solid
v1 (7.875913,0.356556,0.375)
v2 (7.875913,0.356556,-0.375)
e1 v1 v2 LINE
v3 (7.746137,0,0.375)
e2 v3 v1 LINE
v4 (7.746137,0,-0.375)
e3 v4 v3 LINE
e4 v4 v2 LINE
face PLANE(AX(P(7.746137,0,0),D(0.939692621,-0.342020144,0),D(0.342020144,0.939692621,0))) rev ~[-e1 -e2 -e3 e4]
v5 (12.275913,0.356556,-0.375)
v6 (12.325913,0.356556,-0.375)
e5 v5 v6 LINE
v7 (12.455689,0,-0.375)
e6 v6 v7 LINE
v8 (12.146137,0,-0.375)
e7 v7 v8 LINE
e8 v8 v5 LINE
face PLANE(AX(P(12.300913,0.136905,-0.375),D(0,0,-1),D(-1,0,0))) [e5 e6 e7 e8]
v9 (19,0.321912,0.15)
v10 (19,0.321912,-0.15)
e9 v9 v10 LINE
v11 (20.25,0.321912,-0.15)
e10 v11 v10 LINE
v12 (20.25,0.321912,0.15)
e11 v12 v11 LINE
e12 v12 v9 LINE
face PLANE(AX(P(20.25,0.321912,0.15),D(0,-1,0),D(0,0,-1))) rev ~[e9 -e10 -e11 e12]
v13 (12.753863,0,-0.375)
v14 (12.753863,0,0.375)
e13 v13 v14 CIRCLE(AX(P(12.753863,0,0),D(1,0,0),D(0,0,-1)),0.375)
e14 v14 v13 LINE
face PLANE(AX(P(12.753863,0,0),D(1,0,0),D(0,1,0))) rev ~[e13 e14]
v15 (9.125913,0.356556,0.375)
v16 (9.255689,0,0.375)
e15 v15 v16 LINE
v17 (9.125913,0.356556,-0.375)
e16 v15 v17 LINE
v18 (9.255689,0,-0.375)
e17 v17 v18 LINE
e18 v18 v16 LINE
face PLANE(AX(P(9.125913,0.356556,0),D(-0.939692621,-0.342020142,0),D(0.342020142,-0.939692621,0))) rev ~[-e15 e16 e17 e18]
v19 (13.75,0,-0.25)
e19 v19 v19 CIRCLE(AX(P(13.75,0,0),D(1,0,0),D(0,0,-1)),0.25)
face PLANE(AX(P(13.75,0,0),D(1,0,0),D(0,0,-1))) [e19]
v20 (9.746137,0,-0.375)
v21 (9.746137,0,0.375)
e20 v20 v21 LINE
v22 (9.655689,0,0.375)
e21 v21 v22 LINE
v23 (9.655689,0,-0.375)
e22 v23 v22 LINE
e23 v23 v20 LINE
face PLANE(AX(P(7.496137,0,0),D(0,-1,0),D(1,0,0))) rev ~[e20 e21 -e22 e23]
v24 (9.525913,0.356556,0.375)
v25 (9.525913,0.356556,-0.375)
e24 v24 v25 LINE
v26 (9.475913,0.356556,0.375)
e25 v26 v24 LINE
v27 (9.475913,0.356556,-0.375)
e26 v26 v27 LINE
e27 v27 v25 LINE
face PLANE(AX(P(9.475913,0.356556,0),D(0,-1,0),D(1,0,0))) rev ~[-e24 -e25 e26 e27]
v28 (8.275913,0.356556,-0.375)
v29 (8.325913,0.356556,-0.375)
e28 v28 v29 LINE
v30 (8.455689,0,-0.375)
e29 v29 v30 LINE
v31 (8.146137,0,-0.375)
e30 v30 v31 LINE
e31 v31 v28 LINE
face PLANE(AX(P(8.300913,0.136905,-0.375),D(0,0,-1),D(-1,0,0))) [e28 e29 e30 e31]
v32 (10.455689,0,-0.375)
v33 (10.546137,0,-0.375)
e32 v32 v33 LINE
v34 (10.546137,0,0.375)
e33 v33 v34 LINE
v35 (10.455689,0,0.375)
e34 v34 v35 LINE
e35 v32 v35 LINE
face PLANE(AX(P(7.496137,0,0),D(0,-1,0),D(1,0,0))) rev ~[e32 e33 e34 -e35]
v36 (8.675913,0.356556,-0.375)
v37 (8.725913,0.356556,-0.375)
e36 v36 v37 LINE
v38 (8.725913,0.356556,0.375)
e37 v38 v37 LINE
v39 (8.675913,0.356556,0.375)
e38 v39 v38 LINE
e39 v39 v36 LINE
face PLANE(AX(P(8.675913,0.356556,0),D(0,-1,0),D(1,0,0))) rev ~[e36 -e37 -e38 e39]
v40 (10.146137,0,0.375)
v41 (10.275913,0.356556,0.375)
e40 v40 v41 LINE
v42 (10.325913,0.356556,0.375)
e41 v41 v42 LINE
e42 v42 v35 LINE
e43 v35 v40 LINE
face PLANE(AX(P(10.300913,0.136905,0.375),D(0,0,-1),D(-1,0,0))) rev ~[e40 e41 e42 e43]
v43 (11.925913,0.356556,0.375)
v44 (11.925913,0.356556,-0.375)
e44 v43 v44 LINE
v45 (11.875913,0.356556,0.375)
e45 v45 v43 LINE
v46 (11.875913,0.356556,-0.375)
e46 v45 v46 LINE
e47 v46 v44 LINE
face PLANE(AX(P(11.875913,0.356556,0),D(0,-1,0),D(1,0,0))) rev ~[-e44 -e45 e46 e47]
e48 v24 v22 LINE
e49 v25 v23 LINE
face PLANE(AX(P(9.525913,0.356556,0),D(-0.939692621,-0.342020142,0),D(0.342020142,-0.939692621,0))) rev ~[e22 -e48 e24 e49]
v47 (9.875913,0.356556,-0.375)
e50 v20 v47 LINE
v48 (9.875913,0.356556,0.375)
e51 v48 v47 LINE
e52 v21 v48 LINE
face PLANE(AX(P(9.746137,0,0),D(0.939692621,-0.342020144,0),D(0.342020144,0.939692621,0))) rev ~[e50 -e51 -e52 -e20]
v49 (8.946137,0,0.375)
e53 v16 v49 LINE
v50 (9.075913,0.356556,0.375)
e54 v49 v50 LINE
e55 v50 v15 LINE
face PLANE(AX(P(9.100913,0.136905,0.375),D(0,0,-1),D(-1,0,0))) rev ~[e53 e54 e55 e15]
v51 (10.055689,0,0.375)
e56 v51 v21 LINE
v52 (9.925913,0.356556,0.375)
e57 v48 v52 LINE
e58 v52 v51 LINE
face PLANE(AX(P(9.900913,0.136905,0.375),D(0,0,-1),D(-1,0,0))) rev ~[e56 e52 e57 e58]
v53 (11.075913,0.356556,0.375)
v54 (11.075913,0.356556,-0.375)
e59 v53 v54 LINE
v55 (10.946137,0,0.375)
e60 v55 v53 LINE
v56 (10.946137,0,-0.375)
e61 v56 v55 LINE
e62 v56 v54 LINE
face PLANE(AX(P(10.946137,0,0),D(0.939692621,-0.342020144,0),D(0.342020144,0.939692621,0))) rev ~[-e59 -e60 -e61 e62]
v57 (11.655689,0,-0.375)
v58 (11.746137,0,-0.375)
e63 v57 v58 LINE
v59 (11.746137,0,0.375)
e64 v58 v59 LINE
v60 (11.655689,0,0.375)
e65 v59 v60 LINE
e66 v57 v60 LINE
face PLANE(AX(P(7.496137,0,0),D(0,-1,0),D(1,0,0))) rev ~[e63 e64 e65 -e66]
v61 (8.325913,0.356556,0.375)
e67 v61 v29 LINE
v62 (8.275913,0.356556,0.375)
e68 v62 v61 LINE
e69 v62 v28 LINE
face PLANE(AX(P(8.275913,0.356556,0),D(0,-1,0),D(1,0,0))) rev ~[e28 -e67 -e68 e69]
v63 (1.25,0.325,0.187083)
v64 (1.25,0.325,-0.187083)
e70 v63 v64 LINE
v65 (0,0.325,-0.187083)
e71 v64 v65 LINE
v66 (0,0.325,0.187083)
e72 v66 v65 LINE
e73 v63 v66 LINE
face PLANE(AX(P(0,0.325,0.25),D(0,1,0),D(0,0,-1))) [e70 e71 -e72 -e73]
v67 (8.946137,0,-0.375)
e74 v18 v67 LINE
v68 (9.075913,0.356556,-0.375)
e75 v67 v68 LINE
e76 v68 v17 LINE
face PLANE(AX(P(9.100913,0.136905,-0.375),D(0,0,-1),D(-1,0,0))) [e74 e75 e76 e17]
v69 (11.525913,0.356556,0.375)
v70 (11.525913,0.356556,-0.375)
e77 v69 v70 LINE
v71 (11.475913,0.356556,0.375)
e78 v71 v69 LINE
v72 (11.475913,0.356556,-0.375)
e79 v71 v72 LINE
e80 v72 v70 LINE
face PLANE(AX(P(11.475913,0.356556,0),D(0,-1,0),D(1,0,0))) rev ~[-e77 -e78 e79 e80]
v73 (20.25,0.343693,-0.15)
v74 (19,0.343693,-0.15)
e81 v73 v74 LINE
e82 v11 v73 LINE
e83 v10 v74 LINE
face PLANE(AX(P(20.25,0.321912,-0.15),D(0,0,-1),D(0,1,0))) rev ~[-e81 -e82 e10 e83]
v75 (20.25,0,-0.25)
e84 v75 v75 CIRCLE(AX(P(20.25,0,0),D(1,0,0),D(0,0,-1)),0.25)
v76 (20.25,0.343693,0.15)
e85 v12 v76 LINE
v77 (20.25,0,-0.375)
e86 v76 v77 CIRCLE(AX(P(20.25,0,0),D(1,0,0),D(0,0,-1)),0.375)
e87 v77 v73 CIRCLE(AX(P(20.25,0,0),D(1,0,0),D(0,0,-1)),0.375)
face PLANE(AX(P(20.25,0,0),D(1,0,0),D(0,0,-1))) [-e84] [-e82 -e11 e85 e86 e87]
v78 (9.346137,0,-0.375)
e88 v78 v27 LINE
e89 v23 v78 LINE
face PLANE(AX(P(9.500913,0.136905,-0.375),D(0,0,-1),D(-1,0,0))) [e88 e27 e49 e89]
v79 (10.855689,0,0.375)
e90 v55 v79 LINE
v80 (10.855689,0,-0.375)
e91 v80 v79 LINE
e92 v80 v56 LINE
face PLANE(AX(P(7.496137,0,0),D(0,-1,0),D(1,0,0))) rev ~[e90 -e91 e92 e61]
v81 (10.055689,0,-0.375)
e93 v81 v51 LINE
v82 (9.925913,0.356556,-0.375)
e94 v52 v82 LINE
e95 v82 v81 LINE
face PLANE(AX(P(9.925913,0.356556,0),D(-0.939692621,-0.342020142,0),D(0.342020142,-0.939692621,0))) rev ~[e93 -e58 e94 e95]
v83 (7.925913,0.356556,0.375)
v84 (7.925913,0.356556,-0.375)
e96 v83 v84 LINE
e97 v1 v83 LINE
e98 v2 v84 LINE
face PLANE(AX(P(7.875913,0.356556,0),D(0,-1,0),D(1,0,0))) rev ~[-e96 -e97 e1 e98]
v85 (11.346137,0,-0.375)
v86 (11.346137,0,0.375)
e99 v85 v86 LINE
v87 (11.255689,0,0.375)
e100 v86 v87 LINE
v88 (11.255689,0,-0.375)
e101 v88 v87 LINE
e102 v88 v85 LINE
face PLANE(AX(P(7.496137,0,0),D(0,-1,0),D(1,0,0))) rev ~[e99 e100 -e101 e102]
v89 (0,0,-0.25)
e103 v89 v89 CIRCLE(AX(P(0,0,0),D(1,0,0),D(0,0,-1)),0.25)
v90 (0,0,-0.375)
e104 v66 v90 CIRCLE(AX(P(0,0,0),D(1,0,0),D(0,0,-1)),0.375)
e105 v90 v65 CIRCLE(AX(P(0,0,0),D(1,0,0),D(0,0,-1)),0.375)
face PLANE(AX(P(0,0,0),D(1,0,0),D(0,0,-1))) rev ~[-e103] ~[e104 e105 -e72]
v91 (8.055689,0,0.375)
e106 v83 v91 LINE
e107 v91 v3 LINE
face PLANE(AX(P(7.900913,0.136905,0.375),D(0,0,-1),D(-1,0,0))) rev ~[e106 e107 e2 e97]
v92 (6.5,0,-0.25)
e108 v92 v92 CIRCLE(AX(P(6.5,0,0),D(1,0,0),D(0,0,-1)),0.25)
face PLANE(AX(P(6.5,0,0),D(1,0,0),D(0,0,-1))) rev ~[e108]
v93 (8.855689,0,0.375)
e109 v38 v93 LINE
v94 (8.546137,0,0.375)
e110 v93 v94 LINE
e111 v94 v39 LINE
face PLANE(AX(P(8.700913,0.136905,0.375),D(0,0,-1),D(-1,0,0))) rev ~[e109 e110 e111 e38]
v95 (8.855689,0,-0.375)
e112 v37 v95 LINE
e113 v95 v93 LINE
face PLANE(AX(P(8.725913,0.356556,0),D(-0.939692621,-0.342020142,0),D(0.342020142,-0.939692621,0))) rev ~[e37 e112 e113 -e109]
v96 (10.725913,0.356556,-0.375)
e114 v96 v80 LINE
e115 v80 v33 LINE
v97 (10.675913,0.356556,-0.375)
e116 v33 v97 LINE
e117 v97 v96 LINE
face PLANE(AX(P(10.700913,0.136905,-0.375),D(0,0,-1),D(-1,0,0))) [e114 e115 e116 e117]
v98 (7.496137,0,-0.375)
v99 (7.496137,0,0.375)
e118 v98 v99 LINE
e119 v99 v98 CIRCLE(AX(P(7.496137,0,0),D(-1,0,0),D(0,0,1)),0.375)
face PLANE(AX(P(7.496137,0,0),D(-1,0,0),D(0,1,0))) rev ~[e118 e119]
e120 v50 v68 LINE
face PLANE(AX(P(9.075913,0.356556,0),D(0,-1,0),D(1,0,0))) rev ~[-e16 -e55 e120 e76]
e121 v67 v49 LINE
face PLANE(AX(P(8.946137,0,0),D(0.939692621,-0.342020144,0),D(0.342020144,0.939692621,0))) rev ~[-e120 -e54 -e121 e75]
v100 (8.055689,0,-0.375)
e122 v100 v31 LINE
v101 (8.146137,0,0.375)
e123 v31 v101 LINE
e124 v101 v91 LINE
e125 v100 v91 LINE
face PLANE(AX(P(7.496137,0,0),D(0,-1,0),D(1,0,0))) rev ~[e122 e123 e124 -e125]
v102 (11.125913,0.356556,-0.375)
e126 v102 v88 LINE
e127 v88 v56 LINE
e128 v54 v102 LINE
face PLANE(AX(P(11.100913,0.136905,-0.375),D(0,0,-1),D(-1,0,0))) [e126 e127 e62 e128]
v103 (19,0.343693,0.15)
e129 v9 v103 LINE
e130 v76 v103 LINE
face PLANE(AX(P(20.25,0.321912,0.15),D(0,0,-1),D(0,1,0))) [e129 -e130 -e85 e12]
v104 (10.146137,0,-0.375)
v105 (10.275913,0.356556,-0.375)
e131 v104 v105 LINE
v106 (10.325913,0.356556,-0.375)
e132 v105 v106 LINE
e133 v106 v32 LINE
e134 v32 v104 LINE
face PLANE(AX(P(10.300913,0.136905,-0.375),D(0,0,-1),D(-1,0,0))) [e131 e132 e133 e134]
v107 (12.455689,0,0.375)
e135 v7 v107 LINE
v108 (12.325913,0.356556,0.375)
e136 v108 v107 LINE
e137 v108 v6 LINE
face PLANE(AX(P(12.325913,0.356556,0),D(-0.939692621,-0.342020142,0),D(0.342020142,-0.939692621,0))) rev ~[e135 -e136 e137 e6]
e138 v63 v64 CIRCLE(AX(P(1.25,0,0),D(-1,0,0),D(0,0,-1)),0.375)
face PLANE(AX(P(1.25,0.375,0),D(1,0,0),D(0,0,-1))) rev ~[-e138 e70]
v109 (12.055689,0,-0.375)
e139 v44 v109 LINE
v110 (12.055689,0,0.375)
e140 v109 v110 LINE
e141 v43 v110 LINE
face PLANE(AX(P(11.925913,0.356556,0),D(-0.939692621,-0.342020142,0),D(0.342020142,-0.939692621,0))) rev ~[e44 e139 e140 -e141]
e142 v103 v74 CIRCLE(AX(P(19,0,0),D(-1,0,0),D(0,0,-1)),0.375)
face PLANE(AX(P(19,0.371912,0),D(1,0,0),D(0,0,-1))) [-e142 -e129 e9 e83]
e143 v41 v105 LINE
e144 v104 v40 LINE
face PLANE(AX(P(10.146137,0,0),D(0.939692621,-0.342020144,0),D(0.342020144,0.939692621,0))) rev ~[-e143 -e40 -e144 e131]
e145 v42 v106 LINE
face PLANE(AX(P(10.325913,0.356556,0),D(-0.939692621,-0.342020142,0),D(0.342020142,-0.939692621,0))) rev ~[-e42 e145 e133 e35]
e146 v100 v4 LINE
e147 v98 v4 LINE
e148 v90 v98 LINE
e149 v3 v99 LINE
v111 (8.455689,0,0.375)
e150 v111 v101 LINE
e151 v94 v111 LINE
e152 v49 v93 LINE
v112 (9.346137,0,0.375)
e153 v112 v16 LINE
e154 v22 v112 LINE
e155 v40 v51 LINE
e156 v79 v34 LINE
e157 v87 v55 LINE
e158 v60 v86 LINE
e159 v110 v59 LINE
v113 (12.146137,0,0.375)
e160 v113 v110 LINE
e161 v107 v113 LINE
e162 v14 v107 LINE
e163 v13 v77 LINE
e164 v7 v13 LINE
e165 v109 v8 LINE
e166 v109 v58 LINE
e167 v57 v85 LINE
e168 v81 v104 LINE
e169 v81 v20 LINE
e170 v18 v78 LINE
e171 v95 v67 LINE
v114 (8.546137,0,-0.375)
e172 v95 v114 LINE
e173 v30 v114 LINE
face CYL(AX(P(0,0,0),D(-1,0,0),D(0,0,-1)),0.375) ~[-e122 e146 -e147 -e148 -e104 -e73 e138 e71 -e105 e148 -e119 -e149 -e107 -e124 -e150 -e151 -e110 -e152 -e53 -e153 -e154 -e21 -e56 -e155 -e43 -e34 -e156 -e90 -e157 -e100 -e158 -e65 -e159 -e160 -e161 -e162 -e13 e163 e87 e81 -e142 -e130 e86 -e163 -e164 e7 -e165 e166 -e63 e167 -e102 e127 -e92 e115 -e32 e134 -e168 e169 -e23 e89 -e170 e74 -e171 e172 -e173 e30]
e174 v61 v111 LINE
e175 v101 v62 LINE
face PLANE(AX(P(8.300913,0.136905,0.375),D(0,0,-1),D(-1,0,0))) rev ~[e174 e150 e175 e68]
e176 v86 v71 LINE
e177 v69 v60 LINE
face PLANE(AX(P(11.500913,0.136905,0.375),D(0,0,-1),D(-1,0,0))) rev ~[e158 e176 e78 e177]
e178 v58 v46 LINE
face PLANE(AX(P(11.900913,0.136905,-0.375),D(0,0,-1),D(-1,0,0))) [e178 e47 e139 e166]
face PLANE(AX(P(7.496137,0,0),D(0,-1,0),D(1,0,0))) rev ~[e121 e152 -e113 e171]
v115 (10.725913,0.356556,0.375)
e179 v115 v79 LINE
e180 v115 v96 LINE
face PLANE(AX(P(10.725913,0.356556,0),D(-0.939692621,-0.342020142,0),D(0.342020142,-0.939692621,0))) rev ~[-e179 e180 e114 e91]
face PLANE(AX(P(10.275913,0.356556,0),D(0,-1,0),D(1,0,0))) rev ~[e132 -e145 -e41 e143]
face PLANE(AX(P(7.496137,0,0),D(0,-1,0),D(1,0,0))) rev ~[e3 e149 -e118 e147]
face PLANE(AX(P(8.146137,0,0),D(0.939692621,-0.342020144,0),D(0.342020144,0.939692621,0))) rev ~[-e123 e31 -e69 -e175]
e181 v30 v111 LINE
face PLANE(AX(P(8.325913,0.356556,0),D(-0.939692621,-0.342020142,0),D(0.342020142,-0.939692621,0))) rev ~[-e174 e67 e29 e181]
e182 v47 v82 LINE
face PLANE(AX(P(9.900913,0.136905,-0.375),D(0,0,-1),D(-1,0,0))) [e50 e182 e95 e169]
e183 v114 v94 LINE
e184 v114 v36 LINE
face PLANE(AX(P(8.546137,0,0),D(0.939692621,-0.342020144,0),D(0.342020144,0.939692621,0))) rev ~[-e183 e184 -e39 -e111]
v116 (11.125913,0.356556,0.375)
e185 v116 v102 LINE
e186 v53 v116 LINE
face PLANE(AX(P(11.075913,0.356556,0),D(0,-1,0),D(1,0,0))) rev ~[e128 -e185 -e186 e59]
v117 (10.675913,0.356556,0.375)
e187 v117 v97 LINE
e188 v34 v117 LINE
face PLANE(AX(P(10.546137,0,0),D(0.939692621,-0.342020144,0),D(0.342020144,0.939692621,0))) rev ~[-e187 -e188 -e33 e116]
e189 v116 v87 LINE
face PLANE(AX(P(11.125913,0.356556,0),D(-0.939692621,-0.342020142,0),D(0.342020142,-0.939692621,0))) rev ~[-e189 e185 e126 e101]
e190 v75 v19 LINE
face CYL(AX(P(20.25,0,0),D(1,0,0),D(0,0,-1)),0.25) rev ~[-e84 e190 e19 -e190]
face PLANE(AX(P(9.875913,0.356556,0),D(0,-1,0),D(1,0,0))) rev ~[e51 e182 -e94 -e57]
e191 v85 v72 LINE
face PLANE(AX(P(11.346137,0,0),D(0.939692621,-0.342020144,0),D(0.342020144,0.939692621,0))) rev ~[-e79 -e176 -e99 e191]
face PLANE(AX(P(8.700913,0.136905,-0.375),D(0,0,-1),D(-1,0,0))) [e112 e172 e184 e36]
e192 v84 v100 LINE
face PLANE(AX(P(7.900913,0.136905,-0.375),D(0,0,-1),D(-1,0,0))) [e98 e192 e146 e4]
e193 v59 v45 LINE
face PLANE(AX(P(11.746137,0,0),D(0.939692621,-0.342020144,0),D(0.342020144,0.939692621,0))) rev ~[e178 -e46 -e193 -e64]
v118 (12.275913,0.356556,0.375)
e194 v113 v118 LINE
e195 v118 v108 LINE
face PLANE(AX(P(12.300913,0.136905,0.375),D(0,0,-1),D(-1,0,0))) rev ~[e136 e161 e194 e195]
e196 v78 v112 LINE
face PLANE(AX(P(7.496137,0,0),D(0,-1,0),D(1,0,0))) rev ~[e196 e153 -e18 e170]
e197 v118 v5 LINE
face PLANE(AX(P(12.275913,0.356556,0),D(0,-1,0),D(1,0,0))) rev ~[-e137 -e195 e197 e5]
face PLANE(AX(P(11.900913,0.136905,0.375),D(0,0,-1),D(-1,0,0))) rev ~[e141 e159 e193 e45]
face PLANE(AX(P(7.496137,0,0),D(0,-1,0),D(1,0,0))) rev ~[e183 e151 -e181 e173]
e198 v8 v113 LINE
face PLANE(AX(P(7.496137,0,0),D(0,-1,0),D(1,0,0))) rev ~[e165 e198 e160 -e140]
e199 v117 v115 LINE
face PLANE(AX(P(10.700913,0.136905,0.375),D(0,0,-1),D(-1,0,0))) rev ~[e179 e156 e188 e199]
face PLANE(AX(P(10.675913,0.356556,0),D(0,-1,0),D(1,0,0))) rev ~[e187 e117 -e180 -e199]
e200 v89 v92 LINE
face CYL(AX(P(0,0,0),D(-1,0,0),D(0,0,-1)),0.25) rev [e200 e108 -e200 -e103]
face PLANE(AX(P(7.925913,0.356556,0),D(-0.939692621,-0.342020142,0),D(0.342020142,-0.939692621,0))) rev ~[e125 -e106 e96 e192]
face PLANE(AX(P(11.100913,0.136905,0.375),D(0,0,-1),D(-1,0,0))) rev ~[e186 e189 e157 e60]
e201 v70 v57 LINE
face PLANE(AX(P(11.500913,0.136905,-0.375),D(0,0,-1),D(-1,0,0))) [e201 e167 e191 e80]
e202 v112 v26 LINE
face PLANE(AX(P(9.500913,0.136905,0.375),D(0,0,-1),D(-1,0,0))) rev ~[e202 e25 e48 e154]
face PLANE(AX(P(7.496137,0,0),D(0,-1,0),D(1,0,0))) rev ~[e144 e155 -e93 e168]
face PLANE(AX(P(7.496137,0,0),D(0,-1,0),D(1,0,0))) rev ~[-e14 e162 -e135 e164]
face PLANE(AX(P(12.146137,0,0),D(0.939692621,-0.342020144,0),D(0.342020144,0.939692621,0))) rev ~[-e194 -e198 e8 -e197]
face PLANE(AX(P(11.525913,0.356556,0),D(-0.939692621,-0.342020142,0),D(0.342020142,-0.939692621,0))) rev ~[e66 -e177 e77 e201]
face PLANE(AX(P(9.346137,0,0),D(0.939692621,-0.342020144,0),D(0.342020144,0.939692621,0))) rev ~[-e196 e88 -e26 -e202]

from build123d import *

# Parameters (mm, degrees)
SKETCH1_R               = 0.375
BOSS_EXTRUDE1_DEPTH     = 20.25
SKETCH3_R               = 0.25
CUT_EXTRUDE1_DEPTH      = 6.5
SKETCH4_R               = 0.25
CUT_EXTRUDE2_DEPTH      = 6.5
SKETCH5_W               = 0.3
SKETCH5_H               = 0.1
CUT_EXTRUDE3_DEPTH      = 1.25
SKETCH6_W               = 0.5
SKETCH6_H               = 0.1
CUT_EXTRUDE4_DEPTH      = 1.25
SKETCH7_W               = 5.25772593
SKETCH7_H               = 0.43012496
CUT_EXTRUDE5_DEPTH      = 1.375
CUT_EXTRUDE5_DEPTH_BACK = 1.375
BOSS_EXTRUDE2_DEPTH     = 0.375
LPATTERN1_COUNT         = 12
LPATTERN1_PITCH         = 0.4


with BuildPart() as part:
    # Sketch1 → Boss-Extrude1 (new body)
    with BuildSketch(Plane(origin=(0, 0, 0), x_dir=(0, 0, -1), z_dir=(1, 0, 0))):
        Circle(SKETCH1_R)
    extrude(amount=BOSS_EXTRUDE1_DEPTH)

    # Sketch3 → Cut-Extrude1 (cut)
    with BuildSketch(Plane(origin=(0, 0, 0), x_dir=(0, 0, -1), z_dir=(1, 0, 0))):
        Circle(SKETCH3_R)
    extrude(amount=CUT_EXTRUDE1_DEPTH, mode=Mode.SUBTRACT)

    # Sketch4 → Cut-Extrude2 (cut)
    with BuildSketch(Plane(origin=(20.25, 0, 0), x_dir=(0, 0, -1), z_dir=(1, 0, 0))):
        Circle(SKETCH4_R)
    extrude(amount=-CUT_EXTRUDE2_DEPTH, mode=Mode.SUBTRACT)

    # Sketch5 → Cut-Extrude3 (cut)
    with BuildSketch(Plane(origin=(20.25, 0, 0), x_dir=(0, 0, -1), z_dir=(1, 0, 0))):
        with Locations((0, 0.371911734)):
            Rectangle(SKETCH5_W, SKETCH5_H)
    extrude(amount=-CUT_EXTRUDE3_DEPTH, mode=Mode.SUBTRACT)

    # Sketch6 → Cut-Extrude4 (cut)
    with BuildSketch(Plane(origin=(0, 0, 0), x_dir=(0, 0, -1), z_dir=(1, 0, 0))):
        with Locations((0, 0.375)):
            Rectangle(SKETCH6_W, SKETCH6_H)
    extrude(amount=CUT_EXTRUDE4_DEPTH, mode=Mode.SUBTRACT)

    # Sketch7 → Cut-Extrude5 (cut, two sides)
    with BuildSketch(Plane.XY) as cut_extrude5_sk:
        with Locations((10.125, 0.21506248)):
            Rectangle(SKETCH7_W, SKETCH7_H)
    extrude(amount=CUT_EXTRUDE5_DEPTH, mode=Mode.SUBTRACT)
    extrude(cut_extrude5_sk.sketch, amount=-CUT_EXTRUDE5_DEPTH_BACK, mode=Mode.SUBTRACT)

    # Sketch8 → Boss-Extrude2 (add, symmetric)
    with BuildSketch(Plane.XY):
        Polygon((7.746137035, 0), (7.875912836, 0.356556082), (7.925912836, 0.356556082), (8.055688636, 0), align=None)
    boss_extrude2 = extrude(amount=BOSS_EXTRUDE2_DEPTH, both=True)

    # LPattern1: Boss-Extrude2 ×12
    with Locations(*[(i * LPATTERN1_PITCH, 0, 0) for i in range(1, LPATTERN1_COUNT)]):
        add(boss_extrude2)


solid = part.part
